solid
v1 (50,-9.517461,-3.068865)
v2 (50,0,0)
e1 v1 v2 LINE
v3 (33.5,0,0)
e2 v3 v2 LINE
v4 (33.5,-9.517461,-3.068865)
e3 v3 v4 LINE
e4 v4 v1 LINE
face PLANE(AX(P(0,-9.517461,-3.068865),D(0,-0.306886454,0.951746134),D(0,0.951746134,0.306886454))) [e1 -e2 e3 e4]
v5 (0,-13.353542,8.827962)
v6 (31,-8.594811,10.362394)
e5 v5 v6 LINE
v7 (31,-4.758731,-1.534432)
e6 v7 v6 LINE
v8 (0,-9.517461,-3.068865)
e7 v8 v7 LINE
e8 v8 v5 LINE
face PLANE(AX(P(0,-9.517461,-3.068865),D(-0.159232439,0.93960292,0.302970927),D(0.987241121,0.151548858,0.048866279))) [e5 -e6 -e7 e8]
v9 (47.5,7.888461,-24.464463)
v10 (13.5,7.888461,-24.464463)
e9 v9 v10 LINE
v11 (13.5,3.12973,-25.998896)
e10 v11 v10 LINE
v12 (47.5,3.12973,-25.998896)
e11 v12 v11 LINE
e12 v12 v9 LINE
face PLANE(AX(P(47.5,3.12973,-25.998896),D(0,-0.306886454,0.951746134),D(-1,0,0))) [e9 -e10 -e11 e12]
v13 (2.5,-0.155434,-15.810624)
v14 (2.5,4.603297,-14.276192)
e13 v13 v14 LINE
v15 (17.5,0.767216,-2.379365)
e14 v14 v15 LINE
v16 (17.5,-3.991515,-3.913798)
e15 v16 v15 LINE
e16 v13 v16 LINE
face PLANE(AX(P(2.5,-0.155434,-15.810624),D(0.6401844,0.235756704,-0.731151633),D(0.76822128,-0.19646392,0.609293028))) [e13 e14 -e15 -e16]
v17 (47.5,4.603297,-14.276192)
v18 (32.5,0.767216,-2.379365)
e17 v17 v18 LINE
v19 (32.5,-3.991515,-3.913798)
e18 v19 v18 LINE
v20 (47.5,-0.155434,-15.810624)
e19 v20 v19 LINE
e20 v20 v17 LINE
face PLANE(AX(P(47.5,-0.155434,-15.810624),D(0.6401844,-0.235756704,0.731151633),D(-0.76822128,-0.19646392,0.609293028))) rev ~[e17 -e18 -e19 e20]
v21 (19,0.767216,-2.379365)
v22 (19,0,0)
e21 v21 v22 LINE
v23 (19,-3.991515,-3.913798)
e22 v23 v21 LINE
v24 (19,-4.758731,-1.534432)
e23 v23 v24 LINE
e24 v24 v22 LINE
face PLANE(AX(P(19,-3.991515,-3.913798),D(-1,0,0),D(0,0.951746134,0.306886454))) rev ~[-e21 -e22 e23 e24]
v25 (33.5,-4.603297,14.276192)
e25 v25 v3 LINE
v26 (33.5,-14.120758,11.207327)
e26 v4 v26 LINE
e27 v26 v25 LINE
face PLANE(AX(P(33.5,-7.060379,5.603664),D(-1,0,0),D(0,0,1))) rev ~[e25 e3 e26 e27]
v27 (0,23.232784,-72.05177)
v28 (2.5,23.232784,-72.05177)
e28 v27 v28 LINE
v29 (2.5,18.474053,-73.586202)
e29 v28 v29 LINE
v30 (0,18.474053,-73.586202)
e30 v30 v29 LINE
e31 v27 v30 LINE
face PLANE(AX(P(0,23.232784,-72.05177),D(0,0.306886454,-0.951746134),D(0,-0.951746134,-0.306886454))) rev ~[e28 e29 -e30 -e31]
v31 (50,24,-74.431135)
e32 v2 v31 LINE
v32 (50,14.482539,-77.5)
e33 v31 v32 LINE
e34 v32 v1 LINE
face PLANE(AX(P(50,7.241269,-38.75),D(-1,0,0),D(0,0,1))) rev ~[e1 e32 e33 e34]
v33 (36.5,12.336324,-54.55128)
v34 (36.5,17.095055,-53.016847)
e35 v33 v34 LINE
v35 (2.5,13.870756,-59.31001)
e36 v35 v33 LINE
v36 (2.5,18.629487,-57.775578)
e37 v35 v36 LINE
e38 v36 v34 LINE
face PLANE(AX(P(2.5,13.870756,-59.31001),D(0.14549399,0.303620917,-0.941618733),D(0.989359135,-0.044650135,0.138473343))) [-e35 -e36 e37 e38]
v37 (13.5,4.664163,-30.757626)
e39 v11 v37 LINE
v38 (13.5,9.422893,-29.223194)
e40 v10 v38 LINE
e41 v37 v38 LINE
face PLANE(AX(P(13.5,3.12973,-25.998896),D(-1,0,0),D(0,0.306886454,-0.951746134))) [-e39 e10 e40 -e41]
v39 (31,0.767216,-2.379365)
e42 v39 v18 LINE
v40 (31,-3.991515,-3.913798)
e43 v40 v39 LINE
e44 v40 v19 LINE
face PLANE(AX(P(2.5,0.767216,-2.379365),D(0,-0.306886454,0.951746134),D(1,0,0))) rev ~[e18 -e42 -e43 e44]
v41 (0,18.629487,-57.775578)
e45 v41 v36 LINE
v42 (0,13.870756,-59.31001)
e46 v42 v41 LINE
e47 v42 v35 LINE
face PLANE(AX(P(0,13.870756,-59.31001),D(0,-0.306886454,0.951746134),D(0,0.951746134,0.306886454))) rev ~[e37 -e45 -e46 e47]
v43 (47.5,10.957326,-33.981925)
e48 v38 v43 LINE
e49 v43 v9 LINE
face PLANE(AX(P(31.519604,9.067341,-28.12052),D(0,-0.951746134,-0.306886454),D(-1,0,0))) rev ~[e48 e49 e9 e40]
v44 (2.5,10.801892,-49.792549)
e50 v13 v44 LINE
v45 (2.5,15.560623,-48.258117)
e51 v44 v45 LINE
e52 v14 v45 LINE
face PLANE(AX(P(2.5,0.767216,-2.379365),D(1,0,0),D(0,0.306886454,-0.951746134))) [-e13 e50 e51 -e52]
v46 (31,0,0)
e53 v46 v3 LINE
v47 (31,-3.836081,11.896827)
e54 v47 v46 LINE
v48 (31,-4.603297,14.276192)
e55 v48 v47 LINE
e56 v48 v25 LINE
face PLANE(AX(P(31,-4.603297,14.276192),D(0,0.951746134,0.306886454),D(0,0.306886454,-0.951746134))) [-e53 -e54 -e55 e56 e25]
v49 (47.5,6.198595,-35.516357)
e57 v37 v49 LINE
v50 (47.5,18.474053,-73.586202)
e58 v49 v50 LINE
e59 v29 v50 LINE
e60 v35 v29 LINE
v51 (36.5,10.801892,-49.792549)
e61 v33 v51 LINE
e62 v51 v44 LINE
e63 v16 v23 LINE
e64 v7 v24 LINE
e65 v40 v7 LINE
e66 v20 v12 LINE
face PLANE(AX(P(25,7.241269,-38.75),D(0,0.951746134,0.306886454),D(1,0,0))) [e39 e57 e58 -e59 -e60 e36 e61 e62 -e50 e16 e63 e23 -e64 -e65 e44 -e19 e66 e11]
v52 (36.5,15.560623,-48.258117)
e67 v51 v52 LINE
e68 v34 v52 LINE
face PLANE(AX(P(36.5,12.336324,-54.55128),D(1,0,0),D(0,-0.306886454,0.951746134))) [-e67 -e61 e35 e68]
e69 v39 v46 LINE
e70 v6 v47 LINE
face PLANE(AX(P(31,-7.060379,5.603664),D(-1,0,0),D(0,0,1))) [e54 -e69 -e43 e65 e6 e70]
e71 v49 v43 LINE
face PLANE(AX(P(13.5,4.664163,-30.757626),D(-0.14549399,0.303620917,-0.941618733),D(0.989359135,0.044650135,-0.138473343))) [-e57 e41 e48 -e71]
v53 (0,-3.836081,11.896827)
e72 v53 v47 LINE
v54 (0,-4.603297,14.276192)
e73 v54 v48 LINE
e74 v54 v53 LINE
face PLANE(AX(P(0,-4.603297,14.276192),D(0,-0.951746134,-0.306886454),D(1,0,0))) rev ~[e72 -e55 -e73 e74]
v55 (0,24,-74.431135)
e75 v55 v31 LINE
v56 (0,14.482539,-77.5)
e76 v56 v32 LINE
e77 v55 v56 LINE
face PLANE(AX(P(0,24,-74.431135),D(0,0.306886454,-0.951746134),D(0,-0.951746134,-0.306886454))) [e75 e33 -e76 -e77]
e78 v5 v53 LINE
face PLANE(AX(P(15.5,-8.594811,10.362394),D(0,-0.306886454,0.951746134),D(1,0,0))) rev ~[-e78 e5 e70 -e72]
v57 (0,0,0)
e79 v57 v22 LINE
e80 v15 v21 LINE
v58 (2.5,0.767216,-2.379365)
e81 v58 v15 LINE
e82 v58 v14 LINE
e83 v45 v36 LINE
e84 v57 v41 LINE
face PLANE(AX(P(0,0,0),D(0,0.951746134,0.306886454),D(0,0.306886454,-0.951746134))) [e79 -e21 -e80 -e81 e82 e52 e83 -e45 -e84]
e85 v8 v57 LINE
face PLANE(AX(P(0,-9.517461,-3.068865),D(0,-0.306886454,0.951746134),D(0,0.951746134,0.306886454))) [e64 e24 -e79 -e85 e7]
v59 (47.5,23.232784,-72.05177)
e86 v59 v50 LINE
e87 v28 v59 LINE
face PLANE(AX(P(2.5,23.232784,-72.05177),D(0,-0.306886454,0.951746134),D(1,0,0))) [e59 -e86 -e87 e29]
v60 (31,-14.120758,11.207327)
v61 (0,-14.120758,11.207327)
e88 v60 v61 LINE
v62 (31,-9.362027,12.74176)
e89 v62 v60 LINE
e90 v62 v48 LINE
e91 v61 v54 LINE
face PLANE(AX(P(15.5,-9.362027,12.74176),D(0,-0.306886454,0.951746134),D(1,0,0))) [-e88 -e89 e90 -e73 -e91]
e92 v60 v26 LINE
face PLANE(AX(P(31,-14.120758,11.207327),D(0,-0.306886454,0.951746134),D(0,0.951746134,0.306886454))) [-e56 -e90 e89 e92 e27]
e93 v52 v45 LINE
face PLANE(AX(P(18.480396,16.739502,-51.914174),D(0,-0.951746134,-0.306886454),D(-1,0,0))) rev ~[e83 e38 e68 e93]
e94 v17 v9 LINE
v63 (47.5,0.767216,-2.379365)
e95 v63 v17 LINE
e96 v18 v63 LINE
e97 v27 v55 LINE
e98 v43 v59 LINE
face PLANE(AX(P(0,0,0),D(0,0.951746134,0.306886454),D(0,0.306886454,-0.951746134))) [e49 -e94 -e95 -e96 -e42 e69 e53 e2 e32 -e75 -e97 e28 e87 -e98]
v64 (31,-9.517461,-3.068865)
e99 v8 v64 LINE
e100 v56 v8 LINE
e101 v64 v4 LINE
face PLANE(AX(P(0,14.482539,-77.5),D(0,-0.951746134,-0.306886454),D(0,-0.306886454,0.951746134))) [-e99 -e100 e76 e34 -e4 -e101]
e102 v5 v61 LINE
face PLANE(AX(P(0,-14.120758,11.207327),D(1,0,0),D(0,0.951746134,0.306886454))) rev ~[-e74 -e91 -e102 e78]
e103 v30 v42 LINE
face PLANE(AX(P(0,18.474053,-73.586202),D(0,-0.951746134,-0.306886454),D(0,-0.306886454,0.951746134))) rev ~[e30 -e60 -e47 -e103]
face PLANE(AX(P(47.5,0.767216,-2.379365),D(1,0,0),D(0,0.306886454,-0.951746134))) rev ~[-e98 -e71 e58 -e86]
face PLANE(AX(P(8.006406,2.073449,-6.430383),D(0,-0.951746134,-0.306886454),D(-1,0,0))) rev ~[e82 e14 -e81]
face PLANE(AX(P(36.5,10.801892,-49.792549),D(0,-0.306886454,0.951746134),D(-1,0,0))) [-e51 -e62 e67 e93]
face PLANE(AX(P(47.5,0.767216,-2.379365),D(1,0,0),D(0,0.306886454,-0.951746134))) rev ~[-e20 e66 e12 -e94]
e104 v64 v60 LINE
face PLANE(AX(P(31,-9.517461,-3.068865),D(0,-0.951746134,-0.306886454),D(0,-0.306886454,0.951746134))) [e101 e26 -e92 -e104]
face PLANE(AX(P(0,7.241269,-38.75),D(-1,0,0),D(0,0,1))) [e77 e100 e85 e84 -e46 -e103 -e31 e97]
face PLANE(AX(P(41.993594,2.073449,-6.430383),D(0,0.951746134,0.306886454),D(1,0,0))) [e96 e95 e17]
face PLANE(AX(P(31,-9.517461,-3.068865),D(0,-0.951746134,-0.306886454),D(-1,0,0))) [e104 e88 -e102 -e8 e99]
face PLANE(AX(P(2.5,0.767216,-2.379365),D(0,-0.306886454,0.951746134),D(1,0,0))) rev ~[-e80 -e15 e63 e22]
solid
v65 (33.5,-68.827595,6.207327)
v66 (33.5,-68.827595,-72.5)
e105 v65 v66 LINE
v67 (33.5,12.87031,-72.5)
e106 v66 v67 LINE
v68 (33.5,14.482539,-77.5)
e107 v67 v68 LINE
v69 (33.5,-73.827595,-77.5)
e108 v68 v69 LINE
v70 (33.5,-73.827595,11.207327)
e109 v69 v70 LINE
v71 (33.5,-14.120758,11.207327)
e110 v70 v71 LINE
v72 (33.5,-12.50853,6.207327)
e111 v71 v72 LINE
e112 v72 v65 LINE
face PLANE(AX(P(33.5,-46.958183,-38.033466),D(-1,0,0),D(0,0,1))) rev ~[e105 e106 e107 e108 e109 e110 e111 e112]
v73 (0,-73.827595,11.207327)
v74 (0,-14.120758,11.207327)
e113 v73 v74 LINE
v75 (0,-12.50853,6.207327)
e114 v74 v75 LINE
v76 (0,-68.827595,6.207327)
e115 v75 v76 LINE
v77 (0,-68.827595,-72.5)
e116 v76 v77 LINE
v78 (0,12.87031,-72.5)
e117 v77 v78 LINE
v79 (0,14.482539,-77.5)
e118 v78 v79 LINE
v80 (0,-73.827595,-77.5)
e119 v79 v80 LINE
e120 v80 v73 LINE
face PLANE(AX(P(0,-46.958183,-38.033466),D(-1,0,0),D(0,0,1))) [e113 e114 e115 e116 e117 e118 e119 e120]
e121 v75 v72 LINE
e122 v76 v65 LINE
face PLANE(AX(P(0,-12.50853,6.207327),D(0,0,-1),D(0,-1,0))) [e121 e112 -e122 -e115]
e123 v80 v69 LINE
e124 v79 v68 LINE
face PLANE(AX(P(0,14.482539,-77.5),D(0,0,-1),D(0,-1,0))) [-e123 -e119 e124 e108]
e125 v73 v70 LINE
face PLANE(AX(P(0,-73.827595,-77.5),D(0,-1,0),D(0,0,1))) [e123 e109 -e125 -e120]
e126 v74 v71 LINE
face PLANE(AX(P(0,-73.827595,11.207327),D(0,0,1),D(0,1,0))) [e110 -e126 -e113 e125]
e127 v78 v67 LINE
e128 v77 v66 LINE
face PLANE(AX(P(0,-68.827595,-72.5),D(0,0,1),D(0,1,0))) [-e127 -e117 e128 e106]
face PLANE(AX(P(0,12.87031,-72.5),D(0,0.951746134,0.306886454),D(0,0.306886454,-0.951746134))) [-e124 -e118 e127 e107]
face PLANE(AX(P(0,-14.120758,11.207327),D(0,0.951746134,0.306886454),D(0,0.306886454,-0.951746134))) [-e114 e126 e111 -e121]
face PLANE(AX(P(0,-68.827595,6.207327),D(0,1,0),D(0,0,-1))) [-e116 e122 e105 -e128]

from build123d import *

# Parameters (mm, degrees)
EXTRUDE_1_DEPTH     = 50
SKETCH_2_W          = 45
SKETCH_2_H          = 73.20482035
CUT_EXTRUDE_1_DEPTH = 5
EXTRUDE_3_DEPTH     = 5
CUT_EXTRUDE_2_REACH = 95.182
SKETCH_9_W          = 12
SKETCH_9_H          = 5
EXTRUDE_4_DEPTH     = 15
SKETCH_13_W         = 31
SKETCH_13_H         = 10
EXTRUDE_5_DEPTH     = 2.5
EXTRUDE_6_DEPTH     = 2.5
CUT_EXTRUDE_3_REACH = 97.301
EXTRUDE_1_2_DEPTH   = 5
EXTRUDE_2_DEPTH     = 33.5


with BuildPart() as part:
    # Sketch 1 → Extrude 1 (new body)
    with BuildSketch(Plane(origin=(0, 0, 0), x_dir=(0, 0, -1), z_dir=(1, 0, 0))):
        Polygon((0, 0), (74.43113546, 24), (77.5, 14.482538656), (3.06886454, -9.517461344), align=None)
    extrude(amount=EXTRUDE_1_DEPTH)

    # Sketch 2 → 除料-伸長1 (cut)
    with BuildSketch(Plane(origin=(0, 0, 0), x_dir=(1, 0, 0), z_dir=(0, 0.951746134414701, 0.30688645396412334))):
        with Locations((25, 39.102410175)):
            Rectangle(SKETCH_2_W, SKETCH_2_H)
    extrude(amount=-CUT_EXTRUDE_1_DEPTH, mode=Mode.SUBTRACT)

    # 草圖7 → 填料-伸長3 (add)
    with BuildSketch(Plane(origin=(0, -4.758730672, -1.53443227), x_dir=(1, 0, 0), z_dir=(0, 0.951746134414701, 0.30688645396412323))):
        Polygon((2.5, 15), (17.5, 2.5), (2.5, 2.5), align=None)
        Polygon((47.5, 2.5), (47.5, 15), (32.5, 2.5), align=None)
    extrude(amount=EXTRUDE_3_DEPTH)

    # 草圖9 → 除料-伸長2 (cut, up to next)
    with BuildSketch(Plane(origin=(0, 0.767216135, -2.379365336), x_dir=(-1, 0, 0), z_dir=(0, 0.30688645396412334, -0.951746134414701)), mode=Mode.PRIVATE) as cut_extrude_2_sk1:
        with Locations((-25, -2.5)):
            Rectangle(SKETCH_9_W, SKETCH_9_H)
    cut_extrude_2_tool1 = extrude(cut_extrude_2_sk1.sketch, amount=-CUT_EXTRUDE_2_REACH, mode=Mode.PRIVATE) & part.part
    add(cut_extrude_2_tool1.solids().sort_by_distance((25, -1.612149, -3.146581))[0], mode=Mode.SUBTRACT)

    # 草圖11 → 填料-伸長4 (add)
    with BuildSketch(Plane(origin=(0, 0, 0), x_dir=(1, 0, 0), z_dir=(0, -0.3068864539641233, 0.951746134414701))):
        Polygon((0, -10), (31, -5), (31, -10), align=None)
    extrude(amount=EXTRUDE_4_DEPTH)

    # 草圖13 → 填料-伸長5 (add)
    with BuildSketch(Plane(origin=(0, -4.603296809, 14.276192016), x_dir=(1, 0, 0), z_dir=(0, -0.3068864539641233, 0.951746134414701))):
        with Locations((15.5, -5)):
            Rectangle(SKETCH_13_W, SKETCH_13_H)
    extrude(amount=-EXTRUDE_5_DEPTH)

    # 草圖14 → 填料-伸長6 (add)
    with BuildSketch(Plane(origin=(31, 0, 0), x_dir=(0, 0, -1), z_dir=(1, 0, 0))):
        Polygon((-14.276192016, -4.603296809), (0, 0), (3.06886454, -9.517461344), (-11.207327477, -14.120758154), align=None)
    extrude(amount=EXTRUDE_6_DEPTH)

    # 草圖15 → 除料-伸長3 (cut, up to next)
    with BuildSketch(Plane.ZY, mode=Mode.PRIVATE) as cut_extrude_3_sk1:
        Polygon((-72.051770124, 23.232783865), (-73.586202394, 18.474053193), (-59.310010378, 13.870756384), (-57.775578108, 18.629487056), align=None)
    cut_extrude_3_tool1 = extrude(cut_extrude_3_sk1.sketch, amount=-CUT_EXTRUDE_3_REACH, mode=Mode.PRIVATE) & part.part
    add(cut_extrude_3_tool1.solids().sort_by_distance((0, 18.55177, -65.68089))[0], mode=Mode.SUBTRACT)

    # Sketch 1 2 → Extrude 1 2 (add)
    with BuildSketch(Plane(origin=(0, -4.758730672, -1.53443227), x_dir=(1, 0, 0), z_dir=(0, 0.951746134414701, 0.30688645396412323))):
        Polygon((2.5, 60.70482035), (36.5, 55.70482035), (36.5, 50.70482035), (2.5, 50.70482035), align=None)
        Polygon((47.5, 25.70482035), (13.5, 25.70482035), (13.5, 30.70482035), (47.5, 35.70482035), align=None)
    extrude(amount=EXTRUDE_1_2_DEPTH)


with BuildPart() as body_2:
    # Sketch 2 2 → Extrude 2 (new body)
    with BuildSketch(Plane.ZY):
        Polygon((-77.5, 14.482538656), (-77.5, -73.827595212), (11.207327477, -73.827595212), (11.207327477, -14.120758154), (6.207327477, -12.508529625), (6.207327477, -68.827595212), (-72.5, -68.827595212), (-72.5, 12.870310127), align=None)
    extrude(amount=-EXTRUDE_2_DEPTH)


solid = Compound([part.part, body_2.part])
